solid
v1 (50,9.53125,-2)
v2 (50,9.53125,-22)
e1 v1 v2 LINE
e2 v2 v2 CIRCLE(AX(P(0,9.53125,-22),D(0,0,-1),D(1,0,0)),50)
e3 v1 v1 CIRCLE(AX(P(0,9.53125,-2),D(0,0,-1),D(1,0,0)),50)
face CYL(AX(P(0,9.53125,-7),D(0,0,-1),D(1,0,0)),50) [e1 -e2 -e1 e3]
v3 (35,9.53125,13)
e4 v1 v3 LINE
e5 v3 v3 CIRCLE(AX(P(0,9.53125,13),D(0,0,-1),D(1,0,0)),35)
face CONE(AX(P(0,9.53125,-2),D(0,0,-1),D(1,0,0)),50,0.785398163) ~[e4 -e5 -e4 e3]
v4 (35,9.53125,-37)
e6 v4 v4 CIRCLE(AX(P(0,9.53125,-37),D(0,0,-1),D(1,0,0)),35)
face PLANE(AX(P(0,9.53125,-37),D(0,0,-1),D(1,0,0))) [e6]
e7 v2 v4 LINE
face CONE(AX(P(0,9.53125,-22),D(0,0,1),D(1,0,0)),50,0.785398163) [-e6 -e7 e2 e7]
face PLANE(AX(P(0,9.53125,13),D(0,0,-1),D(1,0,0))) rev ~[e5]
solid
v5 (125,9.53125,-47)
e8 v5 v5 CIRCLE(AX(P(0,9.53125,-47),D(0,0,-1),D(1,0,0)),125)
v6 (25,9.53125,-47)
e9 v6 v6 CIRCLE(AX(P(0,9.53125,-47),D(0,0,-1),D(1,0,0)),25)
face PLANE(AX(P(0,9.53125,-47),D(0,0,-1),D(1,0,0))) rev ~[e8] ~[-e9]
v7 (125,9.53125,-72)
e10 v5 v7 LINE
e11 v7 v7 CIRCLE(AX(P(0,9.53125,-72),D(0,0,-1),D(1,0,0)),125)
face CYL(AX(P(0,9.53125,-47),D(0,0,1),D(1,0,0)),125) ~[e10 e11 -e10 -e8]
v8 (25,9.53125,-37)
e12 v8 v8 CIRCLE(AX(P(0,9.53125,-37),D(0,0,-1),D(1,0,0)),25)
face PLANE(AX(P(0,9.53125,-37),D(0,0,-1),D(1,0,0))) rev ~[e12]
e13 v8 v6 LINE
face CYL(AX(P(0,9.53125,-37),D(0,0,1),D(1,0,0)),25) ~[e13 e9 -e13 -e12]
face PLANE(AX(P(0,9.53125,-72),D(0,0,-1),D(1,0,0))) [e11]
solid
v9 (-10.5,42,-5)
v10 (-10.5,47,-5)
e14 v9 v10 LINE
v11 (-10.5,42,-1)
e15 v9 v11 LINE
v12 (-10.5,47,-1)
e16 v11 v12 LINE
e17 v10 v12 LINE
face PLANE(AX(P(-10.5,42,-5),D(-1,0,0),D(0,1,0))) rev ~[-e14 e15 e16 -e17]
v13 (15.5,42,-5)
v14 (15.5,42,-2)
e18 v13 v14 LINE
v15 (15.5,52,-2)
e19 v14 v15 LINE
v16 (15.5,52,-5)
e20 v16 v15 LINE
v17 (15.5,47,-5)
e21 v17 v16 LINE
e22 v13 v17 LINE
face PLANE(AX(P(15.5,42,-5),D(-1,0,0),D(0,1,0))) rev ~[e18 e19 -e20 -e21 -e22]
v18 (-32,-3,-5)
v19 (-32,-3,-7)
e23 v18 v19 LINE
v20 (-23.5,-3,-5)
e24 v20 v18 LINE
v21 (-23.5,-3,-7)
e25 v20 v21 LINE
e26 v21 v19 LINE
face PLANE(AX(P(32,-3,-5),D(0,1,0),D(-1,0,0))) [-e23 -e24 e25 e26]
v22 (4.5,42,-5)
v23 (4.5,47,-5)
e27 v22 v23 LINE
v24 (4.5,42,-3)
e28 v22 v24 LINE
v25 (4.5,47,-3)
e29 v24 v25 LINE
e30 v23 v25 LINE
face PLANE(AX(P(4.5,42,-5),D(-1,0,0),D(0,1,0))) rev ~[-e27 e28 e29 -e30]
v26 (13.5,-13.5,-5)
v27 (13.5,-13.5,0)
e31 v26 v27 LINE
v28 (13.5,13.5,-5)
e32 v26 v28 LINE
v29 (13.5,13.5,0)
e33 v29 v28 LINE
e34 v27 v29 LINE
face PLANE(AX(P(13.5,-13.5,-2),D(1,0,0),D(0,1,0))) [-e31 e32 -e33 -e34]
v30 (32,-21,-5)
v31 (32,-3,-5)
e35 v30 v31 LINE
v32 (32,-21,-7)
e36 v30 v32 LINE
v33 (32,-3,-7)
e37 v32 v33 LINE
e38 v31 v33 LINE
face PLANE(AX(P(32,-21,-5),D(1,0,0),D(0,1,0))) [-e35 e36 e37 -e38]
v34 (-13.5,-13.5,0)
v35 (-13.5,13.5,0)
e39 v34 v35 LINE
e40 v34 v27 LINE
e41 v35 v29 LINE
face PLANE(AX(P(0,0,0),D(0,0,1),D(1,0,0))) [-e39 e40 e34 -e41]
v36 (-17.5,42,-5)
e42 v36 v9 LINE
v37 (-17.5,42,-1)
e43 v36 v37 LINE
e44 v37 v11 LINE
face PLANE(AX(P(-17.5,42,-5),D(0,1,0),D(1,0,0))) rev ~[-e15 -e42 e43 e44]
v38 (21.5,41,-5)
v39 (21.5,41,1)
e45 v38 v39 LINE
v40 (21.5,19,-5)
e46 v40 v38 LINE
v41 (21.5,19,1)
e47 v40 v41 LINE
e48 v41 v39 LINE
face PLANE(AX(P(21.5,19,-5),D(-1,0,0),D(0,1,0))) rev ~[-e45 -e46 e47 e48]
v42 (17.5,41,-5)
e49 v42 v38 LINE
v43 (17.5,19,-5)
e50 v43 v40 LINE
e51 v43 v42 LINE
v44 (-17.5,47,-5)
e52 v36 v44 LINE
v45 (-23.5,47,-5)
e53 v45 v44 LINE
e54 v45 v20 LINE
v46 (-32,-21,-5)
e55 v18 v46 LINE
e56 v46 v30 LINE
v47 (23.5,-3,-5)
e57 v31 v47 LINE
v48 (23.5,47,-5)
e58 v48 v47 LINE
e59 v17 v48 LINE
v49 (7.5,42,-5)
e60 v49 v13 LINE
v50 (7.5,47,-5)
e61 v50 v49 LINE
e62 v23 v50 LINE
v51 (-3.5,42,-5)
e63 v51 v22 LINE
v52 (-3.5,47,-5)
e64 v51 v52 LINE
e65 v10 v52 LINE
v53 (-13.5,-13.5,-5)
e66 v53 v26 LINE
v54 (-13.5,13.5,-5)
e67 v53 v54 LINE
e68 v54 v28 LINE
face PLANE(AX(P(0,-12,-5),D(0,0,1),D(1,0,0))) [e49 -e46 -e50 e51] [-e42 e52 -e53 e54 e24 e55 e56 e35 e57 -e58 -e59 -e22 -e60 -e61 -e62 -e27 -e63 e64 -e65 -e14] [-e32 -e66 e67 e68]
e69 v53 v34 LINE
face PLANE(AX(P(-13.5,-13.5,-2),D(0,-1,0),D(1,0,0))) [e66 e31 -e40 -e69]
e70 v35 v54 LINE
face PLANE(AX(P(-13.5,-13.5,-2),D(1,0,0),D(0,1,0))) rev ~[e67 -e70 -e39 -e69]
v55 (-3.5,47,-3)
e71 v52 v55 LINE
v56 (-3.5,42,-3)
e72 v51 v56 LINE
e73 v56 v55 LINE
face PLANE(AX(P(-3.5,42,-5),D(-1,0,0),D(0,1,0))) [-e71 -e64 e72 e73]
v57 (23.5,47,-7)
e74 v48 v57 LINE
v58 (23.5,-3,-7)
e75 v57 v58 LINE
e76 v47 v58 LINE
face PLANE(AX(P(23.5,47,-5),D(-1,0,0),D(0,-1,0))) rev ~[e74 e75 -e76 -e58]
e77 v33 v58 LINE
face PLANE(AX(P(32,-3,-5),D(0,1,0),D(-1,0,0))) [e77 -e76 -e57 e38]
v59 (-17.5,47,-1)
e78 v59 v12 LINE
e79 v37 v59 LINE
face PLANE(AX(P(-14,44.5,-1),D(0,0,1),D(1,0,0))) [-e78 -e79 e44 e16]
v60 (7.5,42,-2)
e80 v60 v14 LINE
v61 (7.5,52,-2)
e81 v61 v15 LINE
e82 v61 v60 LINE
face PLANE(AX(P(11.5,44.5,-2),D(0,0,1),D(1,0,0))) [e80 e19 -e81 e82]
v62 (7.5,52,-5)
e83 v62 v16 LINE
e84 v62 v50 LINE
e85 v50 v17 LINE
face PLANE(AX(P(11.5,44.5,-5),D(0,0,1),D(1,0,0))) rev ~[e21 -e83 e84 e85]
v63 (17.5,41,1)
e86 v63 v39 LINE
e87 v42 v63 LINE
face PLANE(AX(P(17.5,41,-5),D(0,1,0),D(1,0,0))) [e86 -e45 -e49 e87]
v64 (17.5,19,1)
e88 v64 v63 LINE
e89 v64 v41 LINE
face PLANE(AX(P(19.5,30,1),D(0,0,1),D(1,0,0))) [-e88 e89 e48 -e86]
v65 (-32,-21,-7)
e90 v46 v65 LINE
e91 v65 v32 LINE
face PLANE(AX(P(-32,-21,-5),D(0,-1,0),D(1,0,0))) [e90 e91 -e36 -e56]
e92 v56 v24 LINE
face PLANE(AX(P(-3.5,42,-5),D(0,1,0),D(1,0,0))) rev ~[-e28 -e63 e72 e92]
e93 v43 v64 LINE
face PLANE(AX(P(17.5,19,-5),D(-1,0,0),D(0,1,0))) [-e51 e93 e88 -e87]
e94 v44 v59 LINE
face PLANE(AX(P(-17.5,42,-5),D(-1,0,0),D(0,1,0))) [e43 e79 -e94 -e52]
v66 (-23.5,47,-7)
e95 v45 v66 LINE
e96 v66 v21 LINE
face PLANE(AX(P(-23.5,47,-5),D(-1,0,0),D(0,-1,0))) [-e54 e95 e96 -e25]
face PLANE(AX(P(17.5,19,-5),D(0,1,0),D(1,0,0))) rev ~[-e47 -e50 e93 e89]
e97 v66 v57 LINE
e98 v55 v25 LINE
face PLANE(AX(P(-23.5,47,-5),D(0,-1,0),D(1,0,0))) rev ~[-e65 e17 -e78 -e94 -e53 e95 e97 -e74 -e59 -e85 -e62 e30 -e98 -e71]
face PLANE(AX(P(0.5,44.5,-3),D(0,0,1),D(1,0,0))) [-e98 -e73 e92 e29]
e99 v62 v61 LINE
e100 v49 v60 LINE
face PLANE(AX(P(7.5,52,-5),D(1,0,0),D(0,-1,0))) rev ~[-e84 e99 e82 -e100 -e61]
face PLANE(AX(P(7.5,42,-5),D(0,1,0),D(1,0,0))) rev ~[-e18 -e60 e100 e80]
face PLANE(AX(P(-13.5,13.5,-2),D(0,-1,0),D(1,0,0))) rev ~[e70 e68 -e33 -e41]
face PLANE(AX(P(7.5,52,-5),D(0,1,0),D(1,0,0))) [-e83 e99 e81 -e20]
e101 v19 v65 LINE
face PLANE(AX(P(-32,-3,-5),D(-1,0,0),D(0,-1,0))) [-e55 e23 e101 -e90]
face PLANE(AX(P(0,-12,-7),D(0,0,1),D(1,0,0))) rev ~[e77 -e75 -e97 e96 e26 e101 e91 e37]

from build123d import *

# Parameters (mm, degrees)
F0_W           = 27
F0_H           = 27
F1_DEPTH       = 2
F3_W           = 47
F3_H           = 50
F4_DEPTH       = 2
F6_DEPTH       = 2
F7_DEPTH       = 3
F8_W           = 8
F8_H           = 5
F9_DEPTH       = 2
F10_W          = 8
F10_H          = 5
F11_DEPTH      = 3
F12_W          = 4
F12_H          = 22
F13_DEPTH      = 6
F14_W          = 7
F14_H          = 5
F15_DEPTH      = 4
F16_R          = 50
F16_R_2        = 47.5
F17_DEPTH      = 30
F17_DEPTH_BACK = 20
F18_SIZE       = 15
F19_R          = 25
F20_DEPTH      = 10
F21_R          = 125
F21_R_2        = 25
F22_DEPTH      = 25


with BuildPart() as f1:
    # F0 (on Top) → F1 (new body)
    with BuildSketch(Plane.XY):
        Rectangle(F0_W, F0_H)
    extrude(amount=-F1_DEPTH)


with BuildPart() as f4:
    # F3 (on offset) → F4 (new body)
    with BuildSketch(Plane(origin=(0, 0, -5), x_dir=(1, 0, 0), z_dir=(0, 0, -1))):
        with Locations((0, -22)):
            Rectangle(F3_W, F3_H)
    extrude(amount=F4_DEPTH)

    # F5 (on face) → F6 (join)
    with BuildSketch(Plane.XY.offset(-5)):
        Polygon((32, -21), (32, -3), (23.5, -3), (-23.5, -3), (-32, -3), (-32, -21), align=None)
    extrude(amount=-F6_DEPTH)

    # F8 (on face) → F9 (join)
    with BuildSketch(Plane.XY.offset(-5)):
        with Locations((0.5, 44.5)):
            Rectangle(F8_W, F8_H)
    extrude(amount=F9_DEPTH)

    # F10 (on face) → F11 (join)
    with BuildSketch(Plane.XY.offset(-5)):
        with Locations((11.5, 44.5)):
            Rectangle(F10_W, F10_H)
        with Locations((11.5, 49.5)):
            Rectangle(F10_W, F10_H)
    extrude(amount=F11_DEPTH)

    # F12 (on face) → F13 (join)
    with BuildSketch(Plane.XY.offset(-5)):
        with Locations((19.5, 30)):
            Rectangle(F12_W, F12_H)
    extrude(amount=F13_DEPTH)


with BuildPart() as f7:
    # F7 (new, through all): a face of the model
    f7_faces = [f1.part.faces().sort_by_distance(p)[0] for p in [
        (0, 0, -2),
    ]]
    extrude(f7_faces, amount=F7_DEPTH)


with BuildPart() as f1_1:
    add(f1.part)

    add(f4.part)  # F15 merges F4

    add(f7.part)  # F15 merges F7
    # F14 (on face) → F15 (join)
    with BuildSketch(Plane.XY.offset(-5)):
        with Locations((-14, 44.5)):
            Rectangle(F14_W, F14_H)
    extrude(amount=F15_DEPTH)


with BuildPart() as f17:
    # F16 (on face) → F17 (new body, two sides)
    with BuildSketch(Plane(origin=(0, 0, -7), x_dir=(1, 0, 0), z_dir=(0, 0, -1))) as f17_sk:
        with Locations((0, -9.53125)):
            Circle(F16_R)
        with Locations((0, -9.53125)):
            Circle(F16_R_2, mode=Mode.SUBTRACT)
        with Locations((0, -9.53125)):
            Circle(F16_R_2)
        Polygon((32, 21), (32, 3), (23.5, 3), (23.5, -47), (-23.5, -47), (-23.5, 3), (-32, 3), (-32, 21), align=None, mode=Mode.SUBTRACT)
        Polygon((23.5, 3), (32, 3), (32, 21), (-32, 21), (-32, 3), (-23.5, 3), (-23.5, -47), (23.5, -47), align=None)
    extrude(amount=F17_DEPTH)
    extrude(f17_sk.sketch, amount=-F17_DEPTH_BACK)

    # F18
    f18_edges = [f17.edges().sort_by_distance(p)[0] for p in [
        (-50, 9.53125, 13),
        (-50, 9.53125, -37),
    ]]
    chamfer(f18_edges, length=F18_SIZE)


with BuildPart() as f20:
    # F19 (on face) → F20 (new body)
    with BuildSketch(Plane(origin=(0, 0, -37), x_dir=(1, 0, 0), z_dir=(0, 0, -1))):
        with Locations((0, -9.53125)):
            Circle(F19_R)
    extrude(amount=F20_DEPTH)

    # F21 (on face) → F22 (join)
    with BuildSketch(Plane(origin=(0, 0, -47), x_dir=(1, 0, 0), z_dir=(0, 0, -1))):
        with Locations((0, -9.53125)):
            Circle(F21_R)
        with Locations((0, -9.53125)):
            Circle(F21_R_2, mode=Mode.SUBTRACT)
        with Locations((0, -9.53125)):
            Circle(F21_R_2)
    extrude(amount=F22_DEPTH)


solid = Compound([f1_1.part, f17.part, f20.part])
